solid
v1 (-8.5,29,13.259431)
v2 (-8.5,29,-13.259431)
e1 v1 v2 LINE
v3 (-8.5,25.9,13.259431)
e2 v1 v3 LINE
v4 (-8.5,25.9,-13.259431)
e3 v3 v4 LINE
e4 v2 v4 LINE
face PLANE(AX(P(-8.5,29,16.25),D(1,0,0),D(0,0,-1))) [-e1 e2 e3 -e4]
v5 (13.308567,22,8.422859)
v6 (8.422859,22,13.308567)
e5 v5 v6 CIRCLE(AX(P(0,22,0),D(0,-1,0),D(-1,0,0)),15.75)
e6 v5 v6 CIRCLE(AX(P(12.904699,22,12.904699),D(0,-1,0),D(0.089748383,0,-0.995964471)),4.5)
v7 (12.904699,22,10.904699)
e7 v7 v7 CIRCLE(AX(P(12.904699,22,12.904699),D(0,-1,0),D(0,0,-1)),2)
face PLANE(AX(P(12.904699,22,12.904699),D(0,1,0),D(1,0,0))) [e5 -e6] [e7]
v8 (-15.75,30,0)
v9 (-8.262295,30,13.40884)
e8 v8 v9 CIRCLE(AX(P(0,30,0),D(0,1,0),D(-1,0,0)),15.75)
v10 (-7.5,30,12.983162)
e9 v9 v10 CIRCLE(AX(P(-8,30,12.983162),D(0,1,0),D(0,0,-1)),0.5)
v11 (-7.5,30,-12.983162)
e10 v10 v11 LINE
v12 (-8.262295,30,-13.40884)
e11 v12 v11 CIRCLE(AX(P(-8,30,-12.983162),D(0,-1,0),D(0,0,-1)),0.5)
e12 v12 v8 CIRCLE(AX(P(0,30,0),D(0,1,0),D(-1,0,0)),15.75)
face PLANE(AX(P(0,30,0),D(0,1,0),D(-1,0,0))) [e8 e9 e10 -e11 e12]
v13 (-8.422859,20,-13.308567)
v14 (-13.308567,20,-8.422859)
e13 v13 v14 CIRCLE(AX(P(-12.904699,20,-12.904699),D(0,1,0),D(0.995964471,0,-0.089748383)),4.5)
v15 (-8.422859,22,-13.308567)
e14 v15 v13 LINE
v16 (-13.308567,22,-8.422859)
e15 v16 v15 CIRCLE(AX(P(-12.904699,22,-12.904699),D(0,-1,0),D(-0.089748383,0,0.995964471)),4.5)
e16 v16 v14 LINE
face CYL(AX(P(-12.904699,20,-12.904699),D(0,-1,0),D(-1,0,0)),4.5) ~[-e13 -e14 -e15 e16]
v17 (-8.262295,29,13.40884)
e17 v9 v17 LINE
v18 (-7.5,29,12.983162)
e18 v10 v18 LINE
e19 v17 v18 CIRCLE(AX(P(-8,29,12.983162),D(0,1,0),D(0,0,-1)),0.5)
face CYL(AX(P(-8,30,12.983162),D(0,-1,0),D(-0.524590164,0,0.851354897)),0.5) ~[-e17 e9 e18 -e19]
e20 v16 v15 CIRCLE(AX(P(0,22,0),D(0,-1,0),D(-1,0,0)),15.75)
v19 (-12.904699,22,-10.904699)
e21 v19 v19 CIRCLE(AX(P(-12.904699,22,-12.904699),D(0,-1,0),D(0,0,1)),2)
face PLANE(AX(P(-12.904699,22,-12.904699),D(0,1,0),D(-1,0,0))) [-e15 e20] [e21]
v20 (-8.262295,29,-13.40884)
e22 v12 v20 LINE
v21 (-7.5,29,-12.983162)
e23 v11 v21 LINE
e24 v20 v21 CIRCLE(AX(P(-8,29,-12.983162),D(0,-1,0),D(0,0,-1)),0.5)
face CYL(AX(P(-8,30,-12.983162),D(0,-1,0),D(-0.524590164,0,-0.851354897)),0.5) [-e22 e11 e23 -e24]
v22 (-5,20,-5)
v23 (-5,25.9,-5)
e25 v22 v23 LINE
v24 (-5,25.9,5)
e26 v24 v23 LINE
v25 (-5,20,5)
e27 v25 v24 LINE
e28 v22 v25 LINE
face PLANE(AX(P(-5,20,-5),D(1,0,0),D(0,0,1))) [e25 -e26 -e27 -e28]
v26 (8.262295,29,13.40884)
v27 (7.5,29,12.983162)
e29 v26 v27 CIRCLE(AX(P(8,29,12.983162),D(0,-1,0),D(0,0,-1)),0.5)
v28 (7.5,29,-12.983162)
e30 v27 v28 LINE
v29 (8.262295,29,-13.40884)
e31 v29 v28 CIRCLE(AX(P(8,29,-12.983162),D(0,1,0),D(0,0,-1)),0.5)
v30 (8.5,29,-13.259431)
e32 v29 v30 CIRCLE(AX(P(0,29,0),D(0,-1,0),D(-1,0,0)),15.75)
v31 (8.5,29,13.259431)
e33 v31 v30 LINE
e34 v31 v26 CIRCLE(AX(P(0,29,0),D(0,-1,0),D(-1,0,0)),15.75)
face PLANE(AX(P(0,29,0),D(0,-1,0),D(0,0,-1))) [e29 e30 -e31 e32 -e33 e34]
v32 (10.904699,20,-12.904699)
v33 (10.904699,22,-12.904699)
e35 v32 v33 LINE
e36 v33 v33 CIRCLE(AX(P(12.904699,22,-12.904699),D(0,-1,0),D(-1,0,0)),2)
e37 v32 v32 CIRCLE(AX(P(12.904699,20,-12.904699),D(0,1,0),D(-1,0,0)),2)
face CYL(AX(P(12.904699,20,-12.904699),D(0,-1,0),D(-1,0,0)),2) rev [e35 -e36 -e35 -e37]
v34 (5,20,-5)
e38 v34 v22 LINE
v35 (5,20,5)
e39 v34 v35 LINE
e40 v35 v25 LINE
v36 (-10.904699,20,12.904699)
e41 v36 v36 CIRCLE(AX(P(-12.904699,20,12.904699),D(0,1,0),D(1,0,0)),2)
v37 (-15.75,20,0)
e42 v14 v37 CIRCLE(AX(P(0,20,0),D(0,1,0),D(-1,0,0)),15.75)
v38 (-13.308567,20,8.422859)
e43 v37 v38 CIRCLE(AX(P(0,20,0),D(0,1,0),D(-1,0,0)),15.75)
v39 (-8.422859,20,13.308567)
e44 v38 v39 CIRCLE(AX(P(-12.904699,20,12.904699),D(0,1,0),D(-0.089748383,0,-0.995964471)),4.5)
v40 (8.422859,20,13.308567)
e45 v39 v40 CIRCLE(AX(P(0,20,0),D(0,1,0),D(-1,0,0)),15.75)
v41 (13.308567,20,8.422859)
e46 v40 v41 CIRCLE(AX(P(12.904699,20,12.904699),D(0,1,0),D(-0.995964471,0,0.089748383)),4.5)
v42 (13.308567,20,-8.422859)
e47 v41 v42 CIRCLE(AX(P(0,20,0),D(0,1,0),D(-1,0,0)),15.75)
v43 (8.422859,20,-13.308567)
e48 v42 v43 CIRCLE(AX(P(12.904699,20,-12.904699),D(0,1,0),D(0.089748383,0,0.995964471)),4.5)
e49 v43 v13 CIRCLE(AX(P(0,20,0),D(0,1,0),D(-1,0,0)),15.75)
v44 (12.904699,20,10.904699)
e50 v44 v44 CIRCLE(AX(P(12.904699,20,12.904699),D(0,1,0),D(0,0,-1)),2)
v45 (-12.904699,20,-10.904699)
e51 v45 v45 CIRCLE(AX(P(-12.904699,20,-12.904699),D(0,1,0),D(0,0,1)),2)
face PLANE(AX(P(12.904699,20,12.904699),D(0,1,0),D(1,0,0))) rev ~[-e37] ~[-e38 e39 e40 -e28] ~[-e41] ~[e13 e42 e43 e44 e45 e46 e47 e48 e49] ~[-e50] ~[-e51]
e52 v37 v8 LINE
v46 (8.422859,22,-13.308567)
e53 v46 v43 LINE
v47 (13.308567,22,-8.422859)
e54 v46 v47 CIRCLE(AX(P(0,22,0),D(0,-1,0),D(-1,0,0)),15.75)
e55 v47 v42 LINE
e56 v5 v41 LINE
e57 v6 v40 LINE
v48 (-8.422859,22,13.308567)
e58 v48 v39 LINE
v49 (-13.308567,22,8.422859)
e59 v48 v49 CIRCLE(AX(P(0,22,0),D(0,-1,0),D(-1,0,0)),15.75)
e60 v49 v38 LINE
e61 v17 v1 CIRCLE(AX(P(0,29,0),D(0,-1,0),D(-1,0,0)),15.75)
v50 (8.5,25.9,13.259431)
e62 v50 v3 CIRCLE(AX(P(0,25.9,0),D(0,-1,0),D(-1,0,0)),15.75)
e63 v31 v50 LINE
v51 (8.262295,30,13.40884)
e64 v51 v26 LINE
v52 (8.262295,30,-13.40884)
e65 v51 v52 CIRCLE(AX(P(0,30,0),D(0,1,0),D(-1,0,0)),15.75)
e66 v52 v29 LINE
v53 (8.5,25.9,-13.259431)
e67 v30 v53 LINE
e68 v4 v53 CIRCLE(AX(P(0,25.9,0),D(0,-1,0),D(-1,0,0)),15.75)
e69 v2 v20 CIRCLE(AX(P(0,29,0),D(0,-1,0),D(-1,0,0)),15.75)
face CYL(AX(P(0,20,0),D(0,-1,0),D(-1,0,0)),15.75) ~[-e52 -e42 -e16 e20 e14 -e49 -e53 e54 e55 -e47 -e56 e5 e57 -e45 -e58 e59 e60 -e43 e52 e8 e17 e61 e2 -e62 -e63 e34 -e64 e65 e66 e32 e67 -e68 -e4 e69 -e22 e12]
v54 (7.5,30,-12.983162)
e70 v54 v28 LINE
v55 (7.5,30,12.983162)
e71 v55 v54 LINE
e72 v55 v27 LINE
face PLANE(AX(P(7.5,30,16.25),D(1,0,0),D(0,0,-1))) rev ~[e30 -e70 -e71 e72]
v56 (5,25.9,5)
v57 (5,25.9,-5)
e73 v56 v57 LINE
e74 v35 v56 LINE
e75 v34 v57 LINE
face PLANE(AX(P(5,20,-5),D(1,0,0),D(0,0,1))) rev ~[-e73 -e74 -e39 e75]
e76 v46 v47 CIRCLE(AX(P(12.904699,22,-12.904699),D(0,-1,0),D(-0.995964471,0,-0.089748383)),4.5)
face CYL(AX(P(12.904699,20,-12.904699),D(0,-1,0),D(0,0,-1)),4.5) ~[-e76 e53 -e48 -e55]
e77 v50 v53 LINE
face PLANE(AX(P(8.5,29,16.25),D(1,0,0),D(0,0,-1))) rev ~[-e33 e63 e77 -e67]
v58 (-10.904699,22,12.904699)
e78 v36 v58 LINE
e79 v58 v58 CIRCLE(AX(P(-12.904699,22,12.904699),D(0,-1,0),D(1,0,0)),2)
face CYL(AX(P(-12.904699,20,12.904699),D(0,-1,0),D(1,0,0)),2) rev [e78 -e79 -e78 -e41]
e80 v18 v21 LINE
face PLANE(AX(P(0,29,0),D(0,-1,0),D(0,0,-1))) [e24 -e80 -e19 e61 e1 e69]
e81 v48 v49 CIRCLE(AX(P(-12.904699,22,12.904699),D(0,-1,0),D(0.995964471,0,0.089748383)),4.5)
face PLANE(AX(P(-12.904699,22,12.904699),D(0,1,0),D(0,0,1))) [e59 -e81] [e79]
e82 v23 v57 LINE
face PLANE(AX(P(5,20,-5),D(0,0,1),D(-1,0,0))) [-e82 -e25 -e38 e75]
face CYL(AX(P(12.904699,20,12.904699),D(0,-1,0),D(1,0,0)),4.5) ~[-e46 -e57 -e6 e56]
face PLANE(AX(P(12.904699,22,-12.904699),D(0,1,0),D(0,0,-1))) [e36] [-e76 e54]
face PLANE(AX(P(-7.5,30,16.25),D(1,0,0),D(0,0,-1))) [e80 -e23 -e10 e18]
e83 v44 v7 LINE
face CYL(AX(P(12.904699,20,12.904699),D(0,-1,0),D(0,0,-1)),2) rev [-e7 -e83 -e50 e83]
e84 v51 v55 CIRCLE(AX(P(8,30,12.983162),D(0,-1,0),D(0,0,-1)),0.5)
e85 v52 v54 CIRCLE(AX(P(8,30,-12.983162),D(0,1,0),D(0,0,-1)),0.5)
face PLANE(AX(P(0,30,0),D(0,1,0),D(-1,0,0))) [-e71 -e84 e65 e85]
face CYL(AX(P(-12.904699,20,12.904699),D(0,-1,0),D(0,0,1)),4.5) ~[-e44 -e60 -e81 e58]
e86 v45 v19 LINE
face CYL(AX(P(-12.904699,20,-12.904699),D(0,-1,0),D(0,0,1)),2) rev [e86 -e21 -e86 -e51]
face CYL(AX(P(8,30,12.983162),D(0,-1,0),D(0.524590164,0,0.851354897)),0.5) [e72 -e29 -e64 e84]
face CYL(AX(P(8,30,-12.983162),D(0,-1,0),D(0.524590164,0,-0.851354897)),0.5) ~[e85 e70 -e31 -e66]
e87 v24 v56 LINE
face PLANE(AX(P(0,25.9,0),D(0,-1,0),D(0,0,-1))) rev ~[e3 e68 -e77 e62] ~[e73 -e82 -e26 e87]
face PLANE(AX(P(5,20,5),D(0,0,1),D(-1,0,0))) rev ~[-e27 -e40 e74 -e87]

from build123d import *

# Parameters (mm, degrees)
CYLINDER008_R         = 15.75
CYLINDER008_DEPTH     = 10
CYLINDER009_R         = 4.5
CYLINDER009_DEPTH     = 2
POLARPATTERN002_COUNT = 4
CYLINDER010_R         = 2
CYLINDER010_DEPTH     = 4
POLARPATTERN003_COUNT = 4
BOX001_W              = 10
BOX001_H              = 10
BOX001_DEPTH          = 10
BOX003_W              = 32.5
BOX003_H              = 17
BOX003_DEPTH          = 3.1
BOX004_W              = 32.5
BOX004_H              = 15
BOX004_DEPTH          = 1
FILLET005_R           = 0.5


with BuildPart() as part:
    # Cylinder008 → Cylinder008 (join)
    with BuildSketch(Plane(origin=(0, 0, 0), x_dir=(-1, 0, 0), z_dir=(0, 1, 0))):
        Circle(CYLINDER008_R)
    extrude(amount=CYLINDER008_DEPTH)

    # Cylinder009 → Cylinder009 (join)
    with BuildSketch(Plane(origin=(12.904699, 0, -12.904699), x_dir=(0, 0, -1), z_dir=(0, 1, 0))):
        Circle(CYLINDER009_R)
    cylinder009 = extrude(amount=CYLINDER009_DEPTH)

    # PolarPattern002: Cylinder009 ×4 about axis
    polarpattern002_axis = Axis((0, 0, 0), (0, 1, 0))
    for i in range(1, POLARPATTERN002_COUNT):
        add(cylinder009.rotate(polarpattern002_axis, i * 360 / POLARPATTERN002_COUNT))

    # Cylinder010 → Cylinder010 (cut)
    with BuildSketch(Plane(origin=(12.904699, 0, 12.904699), x_dir=(0, 0, -1), z_dir=(0, 1, 0))):
        Circle(CYLINDER010_R)
    cylinder010 = extrude(amount=CYLINDER010_DEPTH, mode=Mode.SUBTRACT)

    # PolarPattern003: Cylinder010 ×4 about axis
    polarpattern003_axis = Axis((0, 0, 0), (0, 1, 0))
    for i in range(1, POLARPATTERN003_COUNT):
        add(cylinder010.rotate(polarpattern003_axis, i * 360 / POLARPATTERN003_COUNT), mode=Mode.SUBTRACT)

    # Box001 → Box001 (cut)
    with BuildSketch(Plane(origin=(5, 0, -5), x_dir=(-1, 0, 0), z_dir=(0, 1, 0))):
        with Locations((5, 5)):
            Rectangle(BOX001_W, BOX001_H)
    extrude(amount=BOX001_DEPTH, mode=Mode.SUBTRACT)

    # Box003 → Box003 (cut)
    with BuildSketch(Plane(origin=(-8.5, 9, 16.25), x_dir=(0, 0, -1), z_dir=(0, -1, 0))):
        with Locations((16.25, 8.5)):
            Rectangle(BOX003_W, BOX003_H)
    extrude(amount=BOX003_DEPTH, mode=Mode.SUBTRACT)

    # Box004 → Box004 (cut)
    with BuildSketch(Plane(origin=(-7.5, 10, 16.25), x_dir=(0, 0, -1), z_dir=(0, -1, 0))):
        with Locations((16.25, 7.5)):
            Rectangle(BOX004_W, BOX004_H)
    extrude(amount=BOX004_DEPTH, mode=Mode.SUBTRACT)

    # Fillet005
    fillet005_edges = [part.edges().sort_by_distance(p)[0] for p in [
        (-7.5, 9.5, -13.849639),
        (7.5, 9.5, 13.849639),
        (-7.5, 9.5, 13.849639),
        (7.5, 9.5, -13.849639),
    ]]
    fillet(fillet005_edges, radius=FILLET005_R)


with BuildPart() as part_1:
    # Body001 placement: moved
    add(part.part.moved(Location((0, 20, 0))))


solid = part_1.part
